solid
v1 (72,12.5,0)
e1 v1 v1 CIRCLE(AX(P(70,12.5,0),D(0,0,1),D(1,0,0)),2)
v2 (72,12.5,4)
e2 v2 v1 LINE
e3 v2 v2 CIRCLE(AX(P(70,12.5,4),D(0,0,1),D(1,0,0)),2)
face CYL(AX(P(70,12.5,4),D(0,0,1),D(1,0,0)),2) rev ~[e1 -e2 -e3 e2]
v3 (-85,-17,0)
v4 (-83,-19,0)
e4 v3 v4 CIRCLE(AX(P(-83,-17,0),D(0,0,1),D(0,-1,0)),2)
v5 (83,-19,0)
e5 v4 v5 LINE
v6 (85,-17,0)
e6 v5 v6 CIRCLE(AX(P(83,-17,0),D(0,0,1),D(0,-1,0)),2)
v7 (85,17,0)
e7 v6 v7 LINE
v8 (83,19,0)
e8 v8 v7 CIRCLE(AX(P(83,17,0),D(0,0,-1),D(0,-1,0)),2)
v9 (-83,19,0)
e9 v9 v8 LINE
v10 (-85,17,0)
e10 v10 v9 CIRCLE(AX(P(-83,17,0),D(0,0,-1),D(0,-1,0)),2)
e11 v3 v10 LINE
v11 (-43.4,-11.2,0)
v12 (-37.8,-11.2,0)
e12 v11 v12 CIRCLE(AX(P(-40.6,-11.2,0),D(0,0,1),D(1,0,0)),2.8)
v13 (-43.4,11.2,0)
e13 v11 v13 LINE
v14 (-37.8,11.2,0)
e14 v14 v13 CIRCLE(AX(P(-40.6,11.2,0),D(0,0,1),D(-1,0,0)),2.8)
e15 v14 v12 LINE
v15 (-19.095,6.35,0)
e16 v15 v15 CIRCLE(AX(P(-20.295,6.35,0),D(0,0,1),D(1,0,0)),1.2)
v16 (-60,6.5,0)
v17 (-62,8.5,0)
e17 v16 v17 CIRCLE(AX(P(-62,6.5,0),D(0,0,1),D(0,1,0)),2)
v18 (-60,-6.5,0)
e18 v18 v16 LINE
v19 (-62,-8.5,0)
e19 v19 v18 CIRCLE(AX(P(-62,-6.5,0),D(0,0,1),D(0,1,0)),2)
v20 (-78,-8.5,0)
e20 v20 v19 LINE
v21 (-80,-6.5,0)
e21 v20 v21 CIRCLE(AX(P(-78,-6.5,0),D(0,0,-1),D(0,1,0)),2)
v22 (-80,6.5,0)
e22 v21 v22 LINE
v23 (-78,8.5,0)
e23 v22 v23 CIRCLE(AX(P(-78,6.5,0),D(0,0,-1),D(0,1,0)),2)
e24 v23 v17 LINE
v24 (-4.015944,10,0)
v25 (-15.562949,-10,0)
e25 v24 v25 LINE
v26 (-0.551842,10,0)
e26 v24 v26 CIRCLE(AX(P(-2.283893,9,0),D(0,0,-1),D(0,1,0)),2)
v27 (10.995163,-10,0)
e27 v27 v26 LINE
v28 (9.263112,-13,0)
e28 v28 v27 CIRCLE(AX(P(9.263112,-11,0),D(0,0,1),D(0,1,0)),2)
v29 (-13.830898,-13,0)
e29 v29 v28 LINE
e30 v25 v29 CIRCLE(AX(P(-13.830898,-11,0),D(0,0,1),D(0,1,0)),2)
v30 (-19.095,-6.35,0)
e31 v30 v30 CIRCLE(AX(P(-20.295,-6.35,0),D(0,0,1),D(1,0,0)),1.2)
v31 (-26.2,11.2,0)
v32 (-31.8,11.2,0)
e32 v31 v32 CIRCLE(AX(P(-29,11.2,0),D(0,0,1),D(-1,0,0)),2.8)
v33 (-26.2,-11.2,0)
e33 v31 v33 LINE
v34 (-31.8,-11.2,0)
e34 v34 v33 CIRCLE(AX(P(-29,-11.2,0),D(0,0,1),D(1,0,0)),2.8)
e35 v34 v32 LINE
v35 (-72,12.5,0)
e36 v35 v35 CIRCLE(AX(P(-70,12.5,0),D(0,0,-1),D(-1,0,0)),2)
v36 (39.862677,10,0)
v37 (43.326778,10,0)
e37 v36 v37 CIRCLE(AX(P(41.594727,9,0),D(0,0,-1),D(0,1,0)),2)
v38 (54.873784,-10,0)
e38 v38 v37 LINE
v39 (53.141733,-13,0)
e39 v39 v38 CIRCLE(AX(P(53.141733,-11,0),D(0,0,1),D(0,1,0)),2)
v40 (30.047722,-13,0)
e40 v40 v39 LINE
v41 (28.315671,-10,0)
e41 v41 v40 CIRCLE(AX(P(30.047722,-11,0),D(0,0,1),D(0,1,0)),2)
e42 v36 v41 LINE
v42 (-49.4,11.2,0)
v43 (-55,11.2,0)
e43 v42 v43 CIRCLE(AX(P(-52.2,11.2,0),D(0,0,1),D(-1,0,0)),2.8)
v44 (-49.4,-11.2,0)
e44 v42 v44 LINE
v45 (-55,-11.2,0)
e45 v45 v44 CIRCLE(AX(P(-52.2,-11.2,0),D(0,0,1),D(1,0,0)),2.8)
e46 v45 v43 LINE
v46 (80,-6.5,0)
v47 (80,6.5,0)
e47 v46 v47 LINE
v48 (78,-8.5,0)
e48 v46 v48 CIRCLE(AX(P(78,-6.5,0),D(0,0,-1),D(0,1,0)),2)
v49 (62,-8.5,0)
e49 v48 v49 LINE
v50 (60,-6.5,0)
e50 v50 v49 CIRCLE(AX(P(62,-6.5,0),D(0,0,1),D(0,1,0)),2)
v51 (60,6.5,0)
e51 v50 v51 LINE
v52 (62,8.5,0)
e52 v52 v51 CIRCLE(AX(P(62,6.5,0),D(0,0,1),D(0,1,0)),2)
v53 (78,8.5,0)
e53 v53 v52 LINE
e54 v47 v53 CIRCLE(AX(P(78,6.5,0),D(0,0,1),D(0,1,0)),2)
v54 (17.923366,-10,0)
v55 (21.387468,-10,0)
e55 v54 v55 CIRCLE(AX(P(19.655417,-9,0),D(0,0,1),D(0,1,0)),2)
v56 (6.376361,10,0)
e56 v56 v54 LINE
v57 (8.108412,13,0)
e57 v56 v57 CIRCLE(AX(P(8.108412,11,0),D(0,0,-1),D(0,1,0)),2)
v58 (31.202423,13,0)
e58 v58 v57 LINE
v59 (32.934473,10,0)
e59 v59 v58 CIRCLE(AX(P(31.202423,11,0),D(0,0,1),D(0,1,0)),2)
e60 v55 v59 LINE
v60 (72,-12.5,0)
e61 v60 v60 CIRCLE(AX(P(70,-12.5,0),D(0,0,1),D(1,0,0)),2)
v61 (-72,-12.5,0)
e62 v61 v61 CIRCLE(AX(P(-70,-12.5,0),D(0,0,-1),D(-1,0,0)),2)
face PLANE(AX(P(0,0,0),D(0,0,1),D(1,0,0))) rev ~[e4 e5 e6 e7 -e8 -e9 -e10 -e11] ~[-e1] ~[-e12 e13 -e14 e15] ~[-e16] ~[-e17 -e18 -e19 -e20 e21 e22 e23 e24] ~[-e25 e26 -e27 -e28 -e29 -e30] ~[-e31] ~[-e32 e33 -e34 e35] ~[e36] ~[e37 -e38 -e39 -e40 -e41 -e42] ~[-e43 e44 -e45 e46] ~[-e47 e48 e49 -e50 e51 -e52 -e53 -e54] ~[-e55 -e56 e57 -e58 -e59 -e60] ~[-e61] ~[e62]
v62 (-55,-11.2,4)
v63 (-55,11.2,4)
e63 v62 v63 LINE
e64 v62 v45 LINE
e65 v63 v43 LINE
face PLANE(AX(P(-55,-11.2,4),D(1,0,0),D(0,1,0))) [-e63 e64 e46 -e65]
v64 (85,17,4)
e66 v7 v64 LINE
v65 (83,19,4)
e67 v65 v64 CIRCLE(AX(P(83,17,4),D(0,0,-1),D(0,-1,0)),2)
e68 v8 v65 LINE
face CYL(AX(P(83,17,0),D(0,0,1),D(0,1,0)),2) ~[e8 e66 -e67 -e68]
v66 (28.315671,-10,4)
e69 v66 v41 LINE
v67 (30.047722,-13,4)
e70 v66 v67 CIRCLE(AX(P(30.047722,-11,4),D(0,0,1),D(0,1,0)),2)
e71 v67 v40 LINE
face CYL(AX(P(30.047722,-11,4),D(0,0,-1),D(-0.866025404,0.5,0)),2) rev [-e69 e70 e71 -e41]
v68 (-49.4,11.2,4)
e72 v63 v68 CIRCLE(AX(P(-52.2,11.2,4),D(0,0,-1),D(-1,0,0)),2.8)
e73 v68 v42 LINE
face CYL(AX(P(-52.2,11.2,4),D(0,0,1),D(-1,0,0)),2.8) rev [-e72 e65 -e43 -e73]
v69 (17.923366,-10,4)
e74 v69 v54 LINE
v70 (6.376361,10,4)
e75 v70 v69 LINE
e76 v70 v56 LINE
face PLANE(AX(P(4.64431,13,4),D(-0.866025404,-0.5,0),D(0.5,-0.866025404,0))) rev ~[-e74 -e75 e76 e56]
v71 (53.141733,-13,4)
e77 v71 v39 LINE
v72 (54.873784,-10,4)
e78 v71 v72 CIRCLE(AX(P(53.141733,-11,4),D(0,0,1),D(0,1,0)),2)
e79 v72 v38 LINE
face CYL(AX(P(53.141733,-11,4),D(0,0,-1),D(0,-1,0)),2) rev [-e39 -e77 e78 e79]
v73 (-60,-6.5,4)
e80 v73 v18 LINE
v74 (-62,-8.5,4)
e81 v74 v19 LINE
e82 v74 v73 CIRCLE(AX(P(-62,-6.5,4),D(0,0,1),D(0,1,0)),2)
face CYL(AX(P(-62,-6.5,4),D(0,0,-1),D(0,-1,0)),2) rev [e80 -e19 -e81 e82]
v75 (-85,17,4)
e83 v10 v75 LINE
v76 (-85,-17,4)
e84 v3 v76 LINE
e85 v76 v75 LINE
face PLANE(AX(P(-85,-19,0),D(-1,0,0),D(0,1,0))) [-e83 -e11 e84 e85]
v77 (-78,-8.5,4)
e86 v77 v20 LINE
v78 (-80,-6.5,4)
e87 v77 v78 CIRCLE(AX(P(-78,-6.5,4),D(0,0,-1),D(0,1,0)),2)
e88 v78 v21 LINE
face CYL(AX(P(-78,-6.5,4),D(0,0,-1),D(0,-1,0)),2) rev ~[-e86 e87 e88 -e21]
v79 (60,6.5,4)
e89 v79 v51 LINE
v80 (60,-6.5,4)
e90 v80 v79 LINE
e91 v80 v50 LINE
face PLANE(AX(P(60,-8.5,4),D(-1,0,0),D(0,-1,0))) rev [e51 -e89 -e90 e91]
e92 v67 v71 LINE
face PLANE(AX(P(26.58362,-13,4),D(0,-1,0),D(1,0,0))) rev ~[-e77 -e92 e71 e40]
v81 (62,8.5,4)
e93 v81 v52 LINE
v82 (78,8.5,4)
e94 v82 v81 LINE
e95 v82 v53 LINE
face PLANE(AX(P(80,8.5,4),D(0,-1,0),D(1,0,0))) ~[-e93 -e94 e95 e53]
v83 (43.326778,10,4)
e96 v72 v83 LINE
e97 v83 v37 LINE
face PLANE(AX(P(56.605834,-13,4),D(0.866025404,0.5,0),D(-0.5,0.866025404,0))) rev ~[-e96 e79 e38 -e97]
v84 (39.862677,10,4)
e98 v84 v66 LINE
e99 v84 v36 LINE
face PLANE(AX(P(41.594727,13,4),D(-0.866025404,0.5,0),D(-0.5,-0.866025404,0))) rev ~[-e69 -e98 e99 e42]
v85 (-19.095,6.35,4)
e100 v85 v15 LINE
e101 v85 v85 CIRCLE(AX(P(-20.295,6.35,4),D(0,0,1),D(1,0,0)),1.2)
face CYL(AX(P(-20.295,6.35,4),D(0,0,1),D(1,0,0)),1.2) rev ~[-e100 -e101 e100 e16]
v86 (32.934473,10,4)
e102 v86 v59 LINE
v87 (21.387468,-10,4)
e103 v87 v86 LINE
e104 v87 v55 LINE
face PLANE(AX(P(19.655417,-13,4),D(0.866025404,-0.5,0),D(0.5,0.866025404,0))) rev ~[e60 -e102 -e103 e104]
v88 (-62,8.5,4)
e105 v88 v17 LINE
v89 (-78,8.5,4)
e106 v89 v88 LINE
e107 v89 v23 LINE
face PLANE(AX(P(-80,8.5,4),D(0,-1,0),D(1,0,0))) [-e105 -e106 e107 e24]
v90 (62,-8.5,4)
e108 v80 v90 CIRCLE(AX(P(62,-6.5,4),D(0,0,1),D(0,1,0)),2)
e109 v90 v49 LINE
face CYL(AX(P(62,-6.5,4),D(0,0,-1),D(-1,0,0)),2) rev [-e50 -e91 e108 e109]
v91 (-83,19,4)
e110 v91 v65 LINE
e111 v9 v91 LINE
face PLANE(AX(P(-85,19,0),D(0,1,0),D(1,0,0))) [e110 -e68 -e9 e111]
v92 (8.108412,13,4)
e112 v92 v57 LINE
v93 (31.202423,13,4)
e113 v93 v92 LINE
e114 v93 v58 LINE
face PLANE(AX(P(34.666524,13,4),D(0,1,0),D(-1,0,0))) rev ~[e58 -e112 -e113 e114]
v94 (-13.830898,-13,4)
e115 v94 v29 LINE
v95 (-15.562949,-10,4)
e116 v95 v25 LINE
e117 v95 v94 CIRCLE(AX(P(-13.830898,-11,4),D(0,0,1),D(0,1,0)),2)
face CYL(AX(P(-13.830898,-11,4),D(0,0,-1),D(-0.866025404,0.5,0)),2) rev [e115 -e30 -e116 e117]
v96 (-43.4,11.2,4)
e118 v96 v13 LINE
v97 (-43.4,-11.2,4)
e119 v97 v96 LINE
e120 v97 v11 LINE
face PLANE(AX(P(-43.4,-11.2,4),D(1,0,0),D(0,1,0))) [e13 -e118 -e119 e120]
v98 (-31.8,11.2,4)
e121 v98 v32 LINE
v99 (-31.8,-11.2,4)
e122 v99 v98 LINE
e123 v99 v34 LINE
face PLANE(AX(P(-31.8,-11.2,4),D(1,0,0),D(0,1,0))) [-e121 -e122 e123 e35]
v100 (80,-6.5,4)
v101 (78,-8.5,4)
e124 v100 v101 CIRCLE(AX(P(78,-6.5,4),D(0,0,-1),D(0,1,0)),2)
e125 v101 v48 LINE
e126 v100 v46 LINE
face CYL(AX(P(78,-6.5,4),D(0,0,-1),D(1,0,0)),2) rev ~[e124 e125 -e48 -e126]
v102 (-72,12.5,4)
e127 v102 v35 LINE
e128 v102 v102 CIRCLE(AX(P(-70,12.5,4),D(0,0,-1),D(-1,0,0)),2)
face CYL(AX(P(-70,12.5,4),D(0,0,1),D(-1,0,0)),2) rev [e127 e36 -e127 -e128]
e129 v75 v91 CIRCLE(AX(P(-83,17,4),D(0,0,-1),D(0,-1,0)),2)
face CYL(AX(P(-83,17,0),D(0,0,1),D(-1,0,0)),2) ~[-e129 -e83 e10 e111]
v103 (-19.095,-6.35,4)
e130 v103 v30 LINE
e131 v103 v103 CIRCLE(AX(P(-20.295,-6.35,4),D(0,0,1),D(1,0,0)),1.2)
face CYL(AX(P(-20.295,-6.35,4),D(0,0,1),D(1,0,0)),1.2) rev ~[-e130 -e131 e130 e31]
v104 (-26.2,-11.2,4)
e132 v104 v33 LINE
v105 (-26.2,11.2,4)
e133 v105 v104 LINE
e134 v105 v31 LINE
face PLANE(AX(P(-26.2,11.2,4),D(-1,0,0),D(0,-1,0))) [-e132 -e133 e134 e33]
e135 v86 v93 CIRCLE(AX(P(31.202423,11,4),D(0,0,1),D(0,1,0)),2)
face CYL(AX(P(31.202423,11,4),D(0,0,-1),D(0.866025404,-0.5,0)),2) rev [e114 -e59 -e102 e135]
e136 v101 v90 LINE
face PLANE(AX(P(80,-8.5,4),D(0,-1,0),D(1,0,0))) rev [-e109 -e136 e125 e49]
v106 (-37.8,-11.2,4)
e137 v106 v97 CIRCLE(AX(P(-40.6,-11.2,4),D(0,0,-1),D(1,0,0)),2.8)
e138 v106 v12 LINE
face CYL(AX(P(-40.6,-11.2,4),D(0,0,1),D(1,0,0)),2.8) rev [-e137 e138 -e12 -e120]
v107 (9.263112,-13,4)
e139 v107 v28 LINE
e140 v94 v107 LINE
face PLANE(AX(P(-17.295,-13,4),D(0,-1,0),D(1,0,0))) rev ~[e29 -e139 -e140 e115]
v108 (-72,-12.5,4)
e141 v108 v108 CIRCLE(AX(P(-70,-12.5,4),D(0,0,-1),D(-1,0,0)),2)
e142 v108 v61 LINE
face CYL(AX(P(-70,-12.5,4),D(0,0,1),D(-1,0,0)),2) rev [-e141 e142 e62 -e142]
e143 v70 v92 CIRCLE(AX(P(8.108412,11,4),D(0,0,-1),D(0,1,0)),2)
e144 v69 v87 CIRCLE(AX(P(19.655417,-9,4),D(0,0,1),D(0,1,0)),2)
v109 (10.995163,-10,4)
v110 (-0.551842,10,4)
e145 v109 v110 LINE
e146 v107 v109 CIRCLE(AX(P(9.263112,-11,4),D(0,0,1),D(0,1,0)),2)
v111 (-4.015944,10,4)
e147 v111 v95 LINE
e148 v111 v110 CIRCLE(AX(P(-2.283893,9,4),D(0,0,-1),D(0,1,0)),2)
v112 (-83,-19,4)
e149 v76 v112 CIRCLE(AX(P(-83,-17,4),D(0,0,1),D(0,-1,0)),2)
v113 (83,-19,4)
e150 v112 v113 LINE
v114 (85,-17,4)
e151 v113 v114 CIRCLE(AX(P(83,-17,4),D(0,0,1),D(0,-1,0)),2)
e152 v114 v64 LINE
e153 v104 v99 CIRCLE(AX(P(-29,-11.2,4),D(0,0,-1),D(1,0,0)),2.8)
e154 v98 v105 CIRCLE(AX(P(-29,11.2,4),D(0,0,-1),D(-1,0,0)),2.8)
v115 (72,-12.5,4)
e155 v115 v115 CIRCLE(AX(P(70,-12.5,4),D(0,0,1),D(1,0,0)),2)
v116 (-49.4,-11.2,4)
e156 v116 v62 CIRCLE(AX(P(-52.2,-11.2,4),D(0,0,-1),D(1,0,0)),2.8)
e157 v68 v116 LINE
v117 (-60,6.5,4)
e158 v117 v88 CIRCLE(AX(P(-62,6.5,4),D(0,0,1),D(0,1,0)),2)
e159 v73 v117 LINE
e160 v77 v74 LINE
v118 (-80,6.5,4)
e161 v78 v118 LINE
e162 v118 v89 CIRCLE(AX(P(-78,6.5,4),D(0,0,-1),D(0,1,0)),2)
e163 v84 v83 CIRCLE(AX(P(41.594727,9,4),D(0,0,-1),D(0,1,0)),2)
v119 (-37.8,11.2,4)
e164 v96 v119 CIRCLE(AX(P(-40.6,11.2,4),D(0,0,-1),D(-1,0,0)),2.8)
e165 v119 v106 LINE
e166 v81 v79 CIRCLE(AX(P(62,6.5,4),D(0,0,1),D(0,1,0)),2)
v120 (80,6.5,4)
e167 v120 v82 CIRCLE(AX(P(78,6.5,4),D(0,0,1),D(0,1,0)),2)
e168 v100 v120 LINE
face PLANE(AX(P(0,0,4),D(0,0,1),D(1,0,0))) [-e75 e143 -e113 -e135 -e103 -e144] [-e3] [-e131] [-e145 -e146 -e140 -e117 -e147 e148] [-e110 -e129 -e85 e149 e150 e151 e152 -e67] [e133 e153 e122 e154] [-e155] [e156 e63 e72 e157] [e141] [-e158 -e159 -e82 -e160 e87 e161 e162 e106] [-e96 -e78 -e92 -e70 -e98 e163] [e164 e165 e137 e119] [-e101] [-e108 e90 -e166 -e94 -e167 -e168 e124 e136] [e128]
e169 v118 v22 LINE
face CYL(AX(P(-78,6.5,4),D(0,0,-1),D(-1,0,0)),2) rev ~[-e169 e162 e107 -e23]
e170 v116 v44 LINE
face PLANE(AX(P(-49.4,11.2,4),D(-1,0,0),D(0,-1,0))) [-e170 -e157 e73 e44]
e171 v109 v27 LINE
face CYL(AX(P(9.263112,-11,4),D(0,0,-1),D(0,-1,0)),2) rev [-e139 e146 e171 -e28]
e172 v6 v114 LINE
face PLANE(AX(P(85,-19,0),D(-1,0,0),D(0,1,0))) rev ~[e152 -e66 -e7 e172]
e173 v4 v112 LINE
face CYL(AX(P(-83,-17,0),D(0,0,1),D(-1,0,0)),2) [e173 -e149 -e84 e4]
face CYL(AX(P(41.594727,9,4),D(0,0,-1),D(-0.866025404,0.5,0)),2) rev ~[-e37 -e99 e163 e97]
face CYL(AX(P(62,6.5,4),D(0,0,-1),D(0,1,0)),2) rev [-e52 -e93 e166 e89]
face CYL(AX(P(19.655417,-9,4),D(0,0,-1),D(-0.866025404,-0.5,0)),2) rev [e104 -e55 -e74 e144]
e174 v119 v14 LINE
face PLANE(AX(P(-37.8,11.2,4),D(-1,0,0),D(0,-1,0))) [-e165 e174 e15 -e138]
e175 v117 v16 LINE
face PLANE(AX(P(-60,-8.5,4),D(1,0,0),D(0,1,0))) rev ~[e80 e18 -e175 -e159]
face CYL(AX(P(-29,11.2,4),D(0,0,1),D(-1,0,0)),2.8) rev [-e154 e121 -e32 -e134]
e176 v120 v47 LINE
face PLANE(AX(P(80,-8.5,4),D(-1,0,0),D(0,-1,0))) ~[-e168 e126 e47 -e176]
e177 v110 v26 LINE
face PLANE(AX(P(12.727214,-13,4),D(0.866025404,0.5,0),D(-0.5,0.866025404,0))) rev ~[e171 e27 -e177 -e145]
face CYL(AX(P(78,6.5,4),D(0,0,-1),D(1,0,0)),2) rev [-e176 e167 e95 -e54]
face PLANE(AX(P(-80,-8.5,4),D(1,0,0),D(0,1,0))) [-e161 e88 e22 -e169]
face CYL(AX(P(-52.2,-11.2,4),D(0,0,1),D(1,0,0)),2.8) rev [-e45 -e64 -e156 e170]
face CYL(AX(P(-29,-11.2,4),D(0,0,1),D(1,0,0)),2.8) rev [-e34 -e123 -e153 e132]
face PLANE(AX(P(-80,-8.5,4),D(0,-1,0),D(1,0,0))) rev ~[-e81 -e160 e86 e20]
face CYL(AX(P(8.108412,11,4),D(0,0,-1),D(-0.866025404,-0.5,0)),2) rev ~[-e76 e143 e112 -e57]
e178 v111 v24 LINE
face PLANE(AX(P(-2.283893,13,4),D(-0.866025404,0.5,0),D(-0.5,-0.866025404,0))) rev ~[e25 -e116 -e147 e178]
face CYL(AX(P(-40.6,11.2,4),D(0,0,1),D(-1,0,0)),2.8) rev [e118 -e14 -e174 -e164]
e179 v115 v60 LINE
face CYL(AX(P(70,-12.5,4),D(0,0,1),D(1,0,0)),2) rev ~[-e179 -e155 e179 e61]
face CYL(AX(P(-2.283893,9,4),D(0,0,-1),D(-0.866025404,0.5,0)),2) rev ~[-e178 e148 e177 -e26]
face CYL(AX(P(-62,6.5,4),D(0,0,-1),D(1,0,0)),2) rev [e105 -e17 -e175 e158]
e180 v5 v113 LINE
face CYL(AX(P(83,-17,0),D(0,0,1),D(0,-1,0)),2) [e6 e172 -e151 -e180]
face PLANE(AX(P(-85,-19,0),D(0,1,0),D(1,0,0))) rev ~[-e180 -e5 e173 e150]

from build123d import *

# Parameters (mm, degrees)
SKETCH_1_W          = 170
SKETCH_1_H          = 38
EXTRUDE_1_DEPTH     = 4
SKETCH_2_R          = 2
CUT_EXTRUDE_1_DEPTH = 4
SKETCH_3_R          = 1.2
CUT_EXTRUDE_2_DEPTH = 10
SKETCH_4_W          = 20
SKETCH_4_H          = 17
CUT_EXTRUDE_3_DEPTH = 10
FILLET_1_R          = 2
FILLET_2_R          = 2
CUT_EXTRUDE_4_DEPTH = 10
FILLET_3_R          = 2
CUT_EXTRUDE_5_DEPTH = 10


with BuildPart() as part:
    # 草图1 → 凸台-拉伸1 (new body)
    with BuildSketch(Plane.XY):
        Rectangle(SKETCH_1_W, SKETCH_1_H)
    extrude(amount=EXTRUDE_1_DEPTH)

    # 草图2 → 切除-拉伸1 (cut)
    with BuildSketch(Plane.XY.offset(4)):
        with Locations((70, 12.5)):
            Circle(SKETCH_2_R)
        with Locations((70, -12.5)):
            Circle(SKETCH_2_R)
    cut_extrude_1 = extrude(amount=-CUT_EXTRUDE_1_DEPTH, mode=Mode.SUBTRACT)

    # 镜向1: 切除-拉伸1 across plane
    add(cut_extrude_1.mirror(Plane(origin=(0, 0, 0), x_dir=(0, 0, 1), z_dir=(1, 0, 0))), mode=Mode.SUBTRACT)

    # 草图3 → 切除-拉伸2 (cut)
    with BuildSketch(Plane.XY.offset(4)):
        with Locations((-20.295, 6.35)):
            Circle(SKETCH_3_R)
        with Locations((-20.295, -6.35)):
            Circle(SKETCH_3_R)
    extrude(amount=-CUT_EXTRUDE_2_DEPTH, mode=Mode.SUBTRACT)

    # 草图4 → 切除-拉伸3 (cut)
    with BuildSketch(Plane.XY.offset(4)):
        with Locations((-70, 0)):
            Rectangle(SKETCH_4_W, SKETCH_4_H)
    cut_extrude_3 = extrude(amount=-CUT_EXTRUDE_3_DEPTH, mode=Mode.SUBTRACT)

    # 镜向2: 切除-拉伸3 across plane
    add(cut_extrude_3.mirror(Plane(origin=(0, 0, 0), x_dir=(0, 0, 1), z_dir=(1, 0, 0))), mode=Mode.SUBTRACT)

    # 圆角1
    fillet_1_edges = [part.edges().sort_by_distance(p)[0] for p in [
        (-60, 8.5, 2),
        (-60, -8.5, 2),
        (-80, -8.5, 2),
        (-80, 8.5, 2),
        (60, -8.5, 2),
        (60, 8.5, 2),
        (80, 8.5, 2),
        (80, -8.5, 2),
    ]]
    fillet(fillet_1_edges, radius=FILLET_1_R)

    # 圆角2
    fillet_2_edges = [part.edges().sort_by_distance(p)[0] for p in [
        (85, -19, 2),
        (-85, -19, 2),
        (-85, 19, 2),
        (85, 19, 2),
    ]]
    fillet(fillet_2_edges, radius=FILLET_2_R)

    # 草图5 → 切除-拉伸4 (cut)
    with BuildSketch(Plane.XY.offset(4)):
        Polygon((-2.283893001, 13), (-17.295, -13), (12.727213998, -13), align=None)
        Polygon((4.644310229, 13), (19.655417228, -13), (34.666524227, 13), align=None)
        Polygon((41.594727457, 13), (26.583620458, -13), (56.605834456, -13), align=None)
    extrude(amount=-CUT_EXTRUDE_4_DEPTH, mode=Mode.SUBTRACT)

    # 圆角3
    fillet_3_edges = [part.edges().sort_by_distance(p)[0] for p in [
        (4.644310229, 13, 2),
        (34.666524227, 13, 2),
        (19.655417228, -13, 2),
        (41.594727457, 13, 2),
        (56.605834456, -13, 2),
        (26.583620458, -13, 2),
        (-2.283893001, 13, 2),
        (12.727213998, -13, 2),
        (-17.295, -13, 2),
    ]]
    fillet(fillet_3_edges, radius=FILLET_3_R)

    # 草图6 → 切除-拉伸5 (cut)
    with BuildSketch(Plane.XY.offset(4)):
        with BuildLine():
            Line((-55, -11.2), (-55, 11.2))
            ThreePointArc((-55, 11.2), (-52.2, 14), (-49.4, 11.2))
            Line((-49.4, 11.2), (-49.4, -11.2))
            ThreePointArc((-49.4, -11.2), (-52.2, -14), (-55, -11.2))
        make_face()
        with BuildLine():
            Line((-43.4, -11.2), (-43.4, 11.2))
            ThreePointArc((-43.4, 11.2), (-40.6, 14), (-37.8, 11.2))
            Line((-37.8, 11.2), (-37.8, -11.2))
            ThreePointArc((-37.8, -11.2), (-40.6, -14), (-43.4, -11.2))
        make_face()
        with BuildLine():
            Line((-31.8, -11.2), (-31.8, 11.2))
            ThreePointArc((-31.8, 11.2), (-29, 14), (-26.2, 11.2))
            Line((-26.2, 11.2), (-26.2, -11.2))
            ThreePointArc((-26.2, -11.2), (-29, -14), (-31.8, -11.2))
        make_face()
    extrude(amount=-CUT_EXTRUDE_5_DEPTH, mode=Mode.SUBTRACT)


solid = part.part
